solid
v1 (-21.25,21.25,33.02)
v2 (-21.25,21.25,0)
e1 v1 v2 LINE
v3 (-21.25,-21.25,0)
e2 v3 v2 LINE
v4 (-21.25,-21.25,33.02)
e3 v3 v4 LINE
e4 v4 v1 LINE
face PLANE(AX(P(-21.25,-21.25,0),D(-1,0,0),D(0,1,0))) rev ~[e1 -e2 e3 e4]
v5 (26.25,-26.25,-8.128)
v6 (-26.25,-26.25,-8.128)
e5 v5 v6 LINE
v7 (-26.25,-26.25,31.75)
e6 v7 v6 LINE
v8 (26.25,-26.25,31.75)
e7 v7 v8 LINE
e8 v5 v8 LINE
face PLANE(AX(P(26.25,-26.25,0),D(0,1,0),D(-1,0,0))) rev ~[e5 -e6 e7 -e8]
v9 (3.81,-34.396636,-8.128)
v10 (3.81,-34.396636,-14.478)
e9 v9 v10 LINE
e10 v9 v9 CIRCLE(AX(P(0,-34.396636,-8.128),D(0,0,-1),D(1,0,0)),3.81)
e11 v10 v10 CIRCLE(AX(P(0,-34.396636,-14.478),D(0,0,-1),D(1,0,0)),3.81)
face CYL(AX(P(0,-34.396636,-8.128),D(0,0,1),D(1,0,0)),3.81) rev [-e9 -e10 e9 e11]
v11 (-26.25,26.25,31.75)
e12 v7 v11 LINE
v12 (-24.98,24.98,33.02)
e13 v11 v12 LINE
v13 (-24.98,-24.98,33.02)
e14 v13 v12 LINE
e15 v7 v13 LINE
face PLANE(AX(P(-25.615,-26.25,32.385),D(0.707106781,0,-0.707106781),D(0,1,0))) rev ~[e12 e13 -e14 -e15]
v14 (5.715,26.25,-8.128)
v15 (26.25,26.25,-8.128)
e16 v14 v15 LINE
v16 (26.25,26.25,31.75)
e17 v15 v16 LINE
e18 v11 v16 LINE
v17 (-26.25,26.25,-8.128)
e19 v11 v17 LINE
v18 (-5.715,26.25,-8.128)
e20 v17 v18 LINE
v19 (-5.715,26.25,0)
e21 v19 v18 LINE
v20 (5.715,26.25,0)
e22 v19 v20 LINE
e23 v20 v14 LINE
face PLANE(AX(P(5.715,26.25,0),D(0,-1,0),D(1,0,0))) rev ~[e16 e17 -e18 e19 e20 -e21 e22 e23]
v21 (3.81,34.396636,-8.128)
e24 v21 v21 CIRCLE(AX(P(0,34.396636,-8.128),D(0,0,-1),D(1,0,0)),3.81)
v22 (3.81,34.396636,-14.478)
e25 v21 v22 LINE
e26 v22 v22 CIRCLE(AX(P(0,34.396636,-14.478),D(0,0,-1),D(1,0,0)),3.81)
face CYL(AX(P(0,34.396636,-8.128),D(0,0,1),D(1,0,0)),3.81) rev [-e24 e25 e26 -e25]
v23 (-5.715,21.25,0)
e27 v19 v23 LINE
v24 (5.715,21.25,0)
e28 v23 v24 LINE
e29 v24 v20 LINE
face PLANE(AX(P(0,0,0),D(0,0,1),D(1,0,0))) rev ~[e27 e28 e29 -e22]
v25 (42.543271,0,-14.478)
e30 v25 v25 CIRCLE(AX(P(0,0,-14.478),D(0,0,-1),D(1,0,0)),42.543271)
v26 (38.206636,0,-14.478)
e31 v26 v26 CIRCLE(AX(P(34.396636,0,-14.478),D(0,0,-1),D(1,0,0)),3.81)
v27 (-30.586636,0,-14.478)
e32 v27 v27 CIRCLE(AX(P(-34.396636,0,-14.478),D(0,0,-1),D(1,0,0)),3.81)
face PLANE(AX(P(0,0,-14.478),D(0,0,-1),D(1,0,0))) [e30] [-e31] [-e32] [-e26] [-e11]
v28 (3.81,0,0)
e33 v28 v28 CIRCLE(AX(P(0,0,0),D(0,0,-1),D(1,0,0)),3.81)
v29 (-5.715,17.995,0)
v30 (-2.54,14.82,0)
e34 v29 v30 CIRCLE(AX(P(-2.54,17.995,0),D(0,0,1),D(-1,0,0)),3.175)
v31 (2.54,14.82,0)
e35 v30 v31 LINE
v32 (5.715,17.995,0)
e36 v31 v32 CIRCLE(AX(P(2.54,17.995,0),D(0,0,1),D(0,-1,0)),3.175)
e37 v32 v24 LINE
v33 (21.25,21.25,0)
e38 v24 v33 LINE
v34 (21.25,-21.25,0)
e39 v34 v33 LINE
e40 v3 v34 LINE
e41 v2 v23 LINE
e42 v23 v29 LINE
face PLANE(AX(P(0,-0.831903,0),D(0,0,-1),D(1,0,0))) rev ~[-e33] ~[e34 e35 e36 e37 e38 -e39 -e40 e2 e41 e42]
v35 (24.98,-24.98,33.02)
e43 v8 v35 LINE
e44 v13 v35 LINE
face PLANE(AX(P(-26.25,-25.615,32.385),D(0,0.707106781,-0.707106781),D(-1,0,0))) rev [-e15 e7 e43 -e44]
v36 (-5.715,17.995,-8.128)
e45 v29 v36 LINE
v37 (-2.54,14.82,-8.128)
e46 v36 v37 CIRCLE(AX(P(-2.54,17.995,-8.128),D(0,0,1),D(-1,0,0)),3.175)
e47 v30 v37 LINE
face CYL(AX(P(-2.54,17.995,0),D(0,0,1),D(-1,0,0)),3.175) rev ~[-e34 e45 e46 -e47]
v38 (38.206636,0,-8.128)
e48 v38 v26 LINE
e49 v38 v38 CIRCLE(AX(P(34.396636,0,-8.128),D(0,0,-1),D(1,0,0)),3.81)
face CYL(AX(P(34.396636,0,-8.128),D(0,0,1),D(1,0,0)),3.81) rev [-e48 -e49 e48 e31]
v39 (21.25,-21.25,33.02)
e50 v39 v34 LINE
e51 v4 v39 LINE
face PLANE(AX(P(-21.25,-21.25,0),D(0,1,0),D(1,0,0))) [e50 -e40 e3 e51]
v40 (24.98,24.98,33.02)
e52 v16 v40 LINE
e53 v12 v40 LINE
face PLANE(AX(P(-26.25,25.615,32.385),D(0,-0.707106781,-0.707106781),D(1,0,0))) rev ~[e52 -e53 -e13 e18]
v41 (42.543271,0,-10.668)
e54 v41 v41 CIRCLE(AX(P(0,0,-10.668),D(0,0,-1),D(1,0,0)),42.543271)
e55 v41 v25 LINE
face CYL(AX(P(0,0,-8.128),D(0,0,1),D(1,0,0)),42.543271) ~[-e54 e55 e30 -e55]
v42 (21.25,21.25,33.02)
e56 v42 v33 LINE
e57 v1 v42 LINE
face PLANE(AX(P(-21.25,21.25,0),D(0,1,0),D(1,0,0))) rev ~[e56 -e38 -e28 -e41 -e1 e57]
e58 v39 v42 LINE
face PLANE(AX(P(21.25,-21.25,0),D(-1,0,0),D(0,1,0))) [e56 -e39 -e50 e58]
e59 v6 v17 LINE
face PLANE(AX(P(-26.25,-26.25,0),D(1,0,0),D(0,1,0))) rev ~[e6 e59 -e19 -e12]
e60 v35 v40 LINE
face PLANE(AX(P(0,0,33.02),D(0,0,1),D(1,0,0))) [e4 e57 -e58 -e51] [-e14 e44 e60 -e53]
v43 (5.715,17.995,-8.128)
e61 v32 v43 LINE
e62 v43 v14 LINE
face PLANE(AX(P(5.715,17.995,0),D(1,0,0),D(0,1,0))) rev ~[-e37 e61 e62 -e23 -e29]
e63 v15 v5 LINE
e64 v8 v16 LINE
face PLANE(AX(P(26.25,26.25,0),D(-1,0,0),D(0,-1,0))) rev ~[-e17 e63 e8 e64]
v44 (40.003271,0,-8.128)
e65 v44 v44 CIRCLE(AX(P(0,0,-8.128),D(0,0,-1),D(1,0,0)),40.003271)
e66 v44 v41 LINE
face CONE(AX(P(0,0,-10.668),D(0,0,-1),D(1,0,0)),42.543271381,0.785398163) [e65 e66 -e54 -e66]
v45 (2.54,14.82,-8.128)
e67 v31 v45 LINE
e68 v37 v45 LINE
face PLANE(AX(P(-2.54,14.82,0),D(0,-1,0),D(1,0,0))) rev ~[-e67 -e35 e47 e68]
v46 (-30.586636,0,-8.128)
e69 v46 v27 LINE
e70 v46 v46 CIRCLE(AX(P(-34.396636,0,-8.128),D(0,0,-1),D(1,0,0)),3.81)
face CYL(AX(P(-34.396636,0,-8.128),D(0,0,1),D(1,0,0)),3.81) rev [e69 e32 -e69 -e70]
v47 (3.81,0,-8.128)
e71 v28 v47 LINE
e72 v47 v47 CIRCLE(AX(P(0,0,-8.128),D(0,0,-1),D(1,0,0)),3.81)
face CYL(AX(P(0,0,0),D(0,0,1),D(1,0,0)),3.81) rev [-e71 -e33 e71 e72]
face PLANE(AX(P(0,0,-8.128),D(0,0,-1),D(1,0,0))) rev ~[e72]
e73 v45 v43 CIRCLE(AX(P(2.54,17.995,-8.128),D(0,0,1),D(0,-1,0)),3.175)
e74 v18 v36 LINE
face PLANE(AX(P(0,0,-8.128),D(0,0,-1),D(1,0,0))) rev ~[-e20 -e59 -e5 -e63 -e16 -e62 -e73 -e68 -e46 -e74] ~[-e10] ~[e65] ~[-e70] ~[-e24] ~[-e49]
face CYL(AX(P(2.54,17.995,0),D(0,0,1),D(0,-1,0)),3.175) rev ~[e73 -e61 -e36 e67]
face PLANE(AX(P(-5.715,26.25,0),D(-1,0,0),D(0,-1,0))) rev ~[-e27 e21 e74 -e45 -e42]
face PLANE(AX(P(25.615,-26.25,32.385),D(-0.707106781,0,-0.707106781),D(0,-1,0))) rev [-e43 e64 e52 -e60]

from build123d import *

# Parameters (mm, degrees)
F0_W         = 52.5
F0_H         = 52.5
F0_W_2       = 42.5
F0_H_2       = 42.5
F1_DEPTH     = 33.02
F2_R         = 3.81
F1_FACE1_W   = 52.5
F1_FACE1_H   = 52.5
F1_FACE1_W_2 = 42.5
F1_FACE1_H_2 = 42.5
F3_DEPTH     = 8.128
F4_R         = 42.5432713814
F5_DEPTH     = 6.35
F6_SIZE      = 1.27
F7_R         = 3.81
F8_DEPTH     = 6.35
F9_SIZE      = 2.54


with BuildPart() as f1:
    # F0 (on Top) → F1 (new body)
    with BuildSketch(Plane.XY):
        Rectangle(F0_W, F0_H)
        Rectangle(F0_W_2, F0_H_2, mode=Mode.SUBTRACT)
    extrude(amount=F1_DEPTH)

    # F2 (on face) + F1_face1 (on face) → F3 (join)
    with BuildSketch(Plane(origin=(0, 0, 0), x_dir=(1, 0, 0), z_dir=(0, 0, -1))):
        Polygon((26.25, 26.25), (-26.25, 26.25), (-26.25, -26.25), (-5.715, -26.25), (-5.715, -21.25), (-21.25, -21.25), (-21.25, 21.25), (21.25, 21.25), (21.25, -21.25), (5.715, -21.25), (5.715, -26.25), (26.25, -26.25), align=None)
        with BuildLine():
            Line((-21.25, -21.25), (-5.715, -21.25))
            Line((-5.715, -21.25), (-5.715, -17.995))
            ThreePointArc((-5.715, -17.995), (-4.7850640303, -15.7499359697), (-2.54, -14.82))
            Line((-2.54, -14.82), (2.54, -14.82))
            ThreePointArc((2.54, -14.82), (4.7850640303, -15.7499359697), (5.715, -17.995))
            Line((5.715, -17.995), (5.715, -21.25))
            Line((5.715, -21.25), (21.25, -21.25))
            Line((21.25, -21.25), (21.25, 21.25))
            Line((21.25, 21.25), (-21.25, 21.25))
            Line((-21.25, 21.25), (-21.25, -21.25))
        make_face()
        Circle(F2_R, mode=Mode.SUBTRACT)
    with BuildSketch(Plane.XY.offset(33.02)):
        Rectangle(F1_FACE1_W, F1_FACE1_H)
        Rectangle(F1_FACE1_W_2, F1_FACE1_H_2, mode=Mode.SUBTRACT)
    extrude(amount=F3_DEPTH, dir=(0, 0, -1))

    # F4 (on face) → F5 (join)
    with BuildSketch(Plane(origin=(0, 0, -8.128), x_dir=(1, 0, 0), z_dir=(0, 0, -1))):
        Circle(F4_R)
    extrude(amount=F5_DEPTH)

    # F6
    f6_edges = [f1.edges().sort_by_distance(p)[0] for p in [
        (26.25, 0, 33.02),
        (0, 26.25, 33.02),
        (-26.25, 0, 33.02),
        (0, -26.25, 33.02),
    ]]
    chamfer(f6_edges, length=F6_SIZE)

    # F7 (on face) → F8 (cut, through all)
    with BuildSketch(Plane(origin=(0, 0, -8.128), x_dir=(1, 0, 0), z_dir=(0, 0, -1))):
        with Locations((0, 34.3966356907)):
            Circle(F7_R)
        with Locations((34.3966356907, 0)):
            Circle(F7_R)
        with Locations((0, -34.3966356907)):
            Circle(F7_R)
        with Locations((-34.3966356907, 0)):
            Circle(F7_R)
    extrude(amount=F8_DEPTH, mode=Mode.SUBTRACT)

    # F9
    f9_edges = [f1.edges().sort_by_distance(p)[0] for p in [
        (-42.543271, 0, -8.128),
    ]]
    chamfer(f9_edges, length=F9_SIZE)


solid = f1.part
